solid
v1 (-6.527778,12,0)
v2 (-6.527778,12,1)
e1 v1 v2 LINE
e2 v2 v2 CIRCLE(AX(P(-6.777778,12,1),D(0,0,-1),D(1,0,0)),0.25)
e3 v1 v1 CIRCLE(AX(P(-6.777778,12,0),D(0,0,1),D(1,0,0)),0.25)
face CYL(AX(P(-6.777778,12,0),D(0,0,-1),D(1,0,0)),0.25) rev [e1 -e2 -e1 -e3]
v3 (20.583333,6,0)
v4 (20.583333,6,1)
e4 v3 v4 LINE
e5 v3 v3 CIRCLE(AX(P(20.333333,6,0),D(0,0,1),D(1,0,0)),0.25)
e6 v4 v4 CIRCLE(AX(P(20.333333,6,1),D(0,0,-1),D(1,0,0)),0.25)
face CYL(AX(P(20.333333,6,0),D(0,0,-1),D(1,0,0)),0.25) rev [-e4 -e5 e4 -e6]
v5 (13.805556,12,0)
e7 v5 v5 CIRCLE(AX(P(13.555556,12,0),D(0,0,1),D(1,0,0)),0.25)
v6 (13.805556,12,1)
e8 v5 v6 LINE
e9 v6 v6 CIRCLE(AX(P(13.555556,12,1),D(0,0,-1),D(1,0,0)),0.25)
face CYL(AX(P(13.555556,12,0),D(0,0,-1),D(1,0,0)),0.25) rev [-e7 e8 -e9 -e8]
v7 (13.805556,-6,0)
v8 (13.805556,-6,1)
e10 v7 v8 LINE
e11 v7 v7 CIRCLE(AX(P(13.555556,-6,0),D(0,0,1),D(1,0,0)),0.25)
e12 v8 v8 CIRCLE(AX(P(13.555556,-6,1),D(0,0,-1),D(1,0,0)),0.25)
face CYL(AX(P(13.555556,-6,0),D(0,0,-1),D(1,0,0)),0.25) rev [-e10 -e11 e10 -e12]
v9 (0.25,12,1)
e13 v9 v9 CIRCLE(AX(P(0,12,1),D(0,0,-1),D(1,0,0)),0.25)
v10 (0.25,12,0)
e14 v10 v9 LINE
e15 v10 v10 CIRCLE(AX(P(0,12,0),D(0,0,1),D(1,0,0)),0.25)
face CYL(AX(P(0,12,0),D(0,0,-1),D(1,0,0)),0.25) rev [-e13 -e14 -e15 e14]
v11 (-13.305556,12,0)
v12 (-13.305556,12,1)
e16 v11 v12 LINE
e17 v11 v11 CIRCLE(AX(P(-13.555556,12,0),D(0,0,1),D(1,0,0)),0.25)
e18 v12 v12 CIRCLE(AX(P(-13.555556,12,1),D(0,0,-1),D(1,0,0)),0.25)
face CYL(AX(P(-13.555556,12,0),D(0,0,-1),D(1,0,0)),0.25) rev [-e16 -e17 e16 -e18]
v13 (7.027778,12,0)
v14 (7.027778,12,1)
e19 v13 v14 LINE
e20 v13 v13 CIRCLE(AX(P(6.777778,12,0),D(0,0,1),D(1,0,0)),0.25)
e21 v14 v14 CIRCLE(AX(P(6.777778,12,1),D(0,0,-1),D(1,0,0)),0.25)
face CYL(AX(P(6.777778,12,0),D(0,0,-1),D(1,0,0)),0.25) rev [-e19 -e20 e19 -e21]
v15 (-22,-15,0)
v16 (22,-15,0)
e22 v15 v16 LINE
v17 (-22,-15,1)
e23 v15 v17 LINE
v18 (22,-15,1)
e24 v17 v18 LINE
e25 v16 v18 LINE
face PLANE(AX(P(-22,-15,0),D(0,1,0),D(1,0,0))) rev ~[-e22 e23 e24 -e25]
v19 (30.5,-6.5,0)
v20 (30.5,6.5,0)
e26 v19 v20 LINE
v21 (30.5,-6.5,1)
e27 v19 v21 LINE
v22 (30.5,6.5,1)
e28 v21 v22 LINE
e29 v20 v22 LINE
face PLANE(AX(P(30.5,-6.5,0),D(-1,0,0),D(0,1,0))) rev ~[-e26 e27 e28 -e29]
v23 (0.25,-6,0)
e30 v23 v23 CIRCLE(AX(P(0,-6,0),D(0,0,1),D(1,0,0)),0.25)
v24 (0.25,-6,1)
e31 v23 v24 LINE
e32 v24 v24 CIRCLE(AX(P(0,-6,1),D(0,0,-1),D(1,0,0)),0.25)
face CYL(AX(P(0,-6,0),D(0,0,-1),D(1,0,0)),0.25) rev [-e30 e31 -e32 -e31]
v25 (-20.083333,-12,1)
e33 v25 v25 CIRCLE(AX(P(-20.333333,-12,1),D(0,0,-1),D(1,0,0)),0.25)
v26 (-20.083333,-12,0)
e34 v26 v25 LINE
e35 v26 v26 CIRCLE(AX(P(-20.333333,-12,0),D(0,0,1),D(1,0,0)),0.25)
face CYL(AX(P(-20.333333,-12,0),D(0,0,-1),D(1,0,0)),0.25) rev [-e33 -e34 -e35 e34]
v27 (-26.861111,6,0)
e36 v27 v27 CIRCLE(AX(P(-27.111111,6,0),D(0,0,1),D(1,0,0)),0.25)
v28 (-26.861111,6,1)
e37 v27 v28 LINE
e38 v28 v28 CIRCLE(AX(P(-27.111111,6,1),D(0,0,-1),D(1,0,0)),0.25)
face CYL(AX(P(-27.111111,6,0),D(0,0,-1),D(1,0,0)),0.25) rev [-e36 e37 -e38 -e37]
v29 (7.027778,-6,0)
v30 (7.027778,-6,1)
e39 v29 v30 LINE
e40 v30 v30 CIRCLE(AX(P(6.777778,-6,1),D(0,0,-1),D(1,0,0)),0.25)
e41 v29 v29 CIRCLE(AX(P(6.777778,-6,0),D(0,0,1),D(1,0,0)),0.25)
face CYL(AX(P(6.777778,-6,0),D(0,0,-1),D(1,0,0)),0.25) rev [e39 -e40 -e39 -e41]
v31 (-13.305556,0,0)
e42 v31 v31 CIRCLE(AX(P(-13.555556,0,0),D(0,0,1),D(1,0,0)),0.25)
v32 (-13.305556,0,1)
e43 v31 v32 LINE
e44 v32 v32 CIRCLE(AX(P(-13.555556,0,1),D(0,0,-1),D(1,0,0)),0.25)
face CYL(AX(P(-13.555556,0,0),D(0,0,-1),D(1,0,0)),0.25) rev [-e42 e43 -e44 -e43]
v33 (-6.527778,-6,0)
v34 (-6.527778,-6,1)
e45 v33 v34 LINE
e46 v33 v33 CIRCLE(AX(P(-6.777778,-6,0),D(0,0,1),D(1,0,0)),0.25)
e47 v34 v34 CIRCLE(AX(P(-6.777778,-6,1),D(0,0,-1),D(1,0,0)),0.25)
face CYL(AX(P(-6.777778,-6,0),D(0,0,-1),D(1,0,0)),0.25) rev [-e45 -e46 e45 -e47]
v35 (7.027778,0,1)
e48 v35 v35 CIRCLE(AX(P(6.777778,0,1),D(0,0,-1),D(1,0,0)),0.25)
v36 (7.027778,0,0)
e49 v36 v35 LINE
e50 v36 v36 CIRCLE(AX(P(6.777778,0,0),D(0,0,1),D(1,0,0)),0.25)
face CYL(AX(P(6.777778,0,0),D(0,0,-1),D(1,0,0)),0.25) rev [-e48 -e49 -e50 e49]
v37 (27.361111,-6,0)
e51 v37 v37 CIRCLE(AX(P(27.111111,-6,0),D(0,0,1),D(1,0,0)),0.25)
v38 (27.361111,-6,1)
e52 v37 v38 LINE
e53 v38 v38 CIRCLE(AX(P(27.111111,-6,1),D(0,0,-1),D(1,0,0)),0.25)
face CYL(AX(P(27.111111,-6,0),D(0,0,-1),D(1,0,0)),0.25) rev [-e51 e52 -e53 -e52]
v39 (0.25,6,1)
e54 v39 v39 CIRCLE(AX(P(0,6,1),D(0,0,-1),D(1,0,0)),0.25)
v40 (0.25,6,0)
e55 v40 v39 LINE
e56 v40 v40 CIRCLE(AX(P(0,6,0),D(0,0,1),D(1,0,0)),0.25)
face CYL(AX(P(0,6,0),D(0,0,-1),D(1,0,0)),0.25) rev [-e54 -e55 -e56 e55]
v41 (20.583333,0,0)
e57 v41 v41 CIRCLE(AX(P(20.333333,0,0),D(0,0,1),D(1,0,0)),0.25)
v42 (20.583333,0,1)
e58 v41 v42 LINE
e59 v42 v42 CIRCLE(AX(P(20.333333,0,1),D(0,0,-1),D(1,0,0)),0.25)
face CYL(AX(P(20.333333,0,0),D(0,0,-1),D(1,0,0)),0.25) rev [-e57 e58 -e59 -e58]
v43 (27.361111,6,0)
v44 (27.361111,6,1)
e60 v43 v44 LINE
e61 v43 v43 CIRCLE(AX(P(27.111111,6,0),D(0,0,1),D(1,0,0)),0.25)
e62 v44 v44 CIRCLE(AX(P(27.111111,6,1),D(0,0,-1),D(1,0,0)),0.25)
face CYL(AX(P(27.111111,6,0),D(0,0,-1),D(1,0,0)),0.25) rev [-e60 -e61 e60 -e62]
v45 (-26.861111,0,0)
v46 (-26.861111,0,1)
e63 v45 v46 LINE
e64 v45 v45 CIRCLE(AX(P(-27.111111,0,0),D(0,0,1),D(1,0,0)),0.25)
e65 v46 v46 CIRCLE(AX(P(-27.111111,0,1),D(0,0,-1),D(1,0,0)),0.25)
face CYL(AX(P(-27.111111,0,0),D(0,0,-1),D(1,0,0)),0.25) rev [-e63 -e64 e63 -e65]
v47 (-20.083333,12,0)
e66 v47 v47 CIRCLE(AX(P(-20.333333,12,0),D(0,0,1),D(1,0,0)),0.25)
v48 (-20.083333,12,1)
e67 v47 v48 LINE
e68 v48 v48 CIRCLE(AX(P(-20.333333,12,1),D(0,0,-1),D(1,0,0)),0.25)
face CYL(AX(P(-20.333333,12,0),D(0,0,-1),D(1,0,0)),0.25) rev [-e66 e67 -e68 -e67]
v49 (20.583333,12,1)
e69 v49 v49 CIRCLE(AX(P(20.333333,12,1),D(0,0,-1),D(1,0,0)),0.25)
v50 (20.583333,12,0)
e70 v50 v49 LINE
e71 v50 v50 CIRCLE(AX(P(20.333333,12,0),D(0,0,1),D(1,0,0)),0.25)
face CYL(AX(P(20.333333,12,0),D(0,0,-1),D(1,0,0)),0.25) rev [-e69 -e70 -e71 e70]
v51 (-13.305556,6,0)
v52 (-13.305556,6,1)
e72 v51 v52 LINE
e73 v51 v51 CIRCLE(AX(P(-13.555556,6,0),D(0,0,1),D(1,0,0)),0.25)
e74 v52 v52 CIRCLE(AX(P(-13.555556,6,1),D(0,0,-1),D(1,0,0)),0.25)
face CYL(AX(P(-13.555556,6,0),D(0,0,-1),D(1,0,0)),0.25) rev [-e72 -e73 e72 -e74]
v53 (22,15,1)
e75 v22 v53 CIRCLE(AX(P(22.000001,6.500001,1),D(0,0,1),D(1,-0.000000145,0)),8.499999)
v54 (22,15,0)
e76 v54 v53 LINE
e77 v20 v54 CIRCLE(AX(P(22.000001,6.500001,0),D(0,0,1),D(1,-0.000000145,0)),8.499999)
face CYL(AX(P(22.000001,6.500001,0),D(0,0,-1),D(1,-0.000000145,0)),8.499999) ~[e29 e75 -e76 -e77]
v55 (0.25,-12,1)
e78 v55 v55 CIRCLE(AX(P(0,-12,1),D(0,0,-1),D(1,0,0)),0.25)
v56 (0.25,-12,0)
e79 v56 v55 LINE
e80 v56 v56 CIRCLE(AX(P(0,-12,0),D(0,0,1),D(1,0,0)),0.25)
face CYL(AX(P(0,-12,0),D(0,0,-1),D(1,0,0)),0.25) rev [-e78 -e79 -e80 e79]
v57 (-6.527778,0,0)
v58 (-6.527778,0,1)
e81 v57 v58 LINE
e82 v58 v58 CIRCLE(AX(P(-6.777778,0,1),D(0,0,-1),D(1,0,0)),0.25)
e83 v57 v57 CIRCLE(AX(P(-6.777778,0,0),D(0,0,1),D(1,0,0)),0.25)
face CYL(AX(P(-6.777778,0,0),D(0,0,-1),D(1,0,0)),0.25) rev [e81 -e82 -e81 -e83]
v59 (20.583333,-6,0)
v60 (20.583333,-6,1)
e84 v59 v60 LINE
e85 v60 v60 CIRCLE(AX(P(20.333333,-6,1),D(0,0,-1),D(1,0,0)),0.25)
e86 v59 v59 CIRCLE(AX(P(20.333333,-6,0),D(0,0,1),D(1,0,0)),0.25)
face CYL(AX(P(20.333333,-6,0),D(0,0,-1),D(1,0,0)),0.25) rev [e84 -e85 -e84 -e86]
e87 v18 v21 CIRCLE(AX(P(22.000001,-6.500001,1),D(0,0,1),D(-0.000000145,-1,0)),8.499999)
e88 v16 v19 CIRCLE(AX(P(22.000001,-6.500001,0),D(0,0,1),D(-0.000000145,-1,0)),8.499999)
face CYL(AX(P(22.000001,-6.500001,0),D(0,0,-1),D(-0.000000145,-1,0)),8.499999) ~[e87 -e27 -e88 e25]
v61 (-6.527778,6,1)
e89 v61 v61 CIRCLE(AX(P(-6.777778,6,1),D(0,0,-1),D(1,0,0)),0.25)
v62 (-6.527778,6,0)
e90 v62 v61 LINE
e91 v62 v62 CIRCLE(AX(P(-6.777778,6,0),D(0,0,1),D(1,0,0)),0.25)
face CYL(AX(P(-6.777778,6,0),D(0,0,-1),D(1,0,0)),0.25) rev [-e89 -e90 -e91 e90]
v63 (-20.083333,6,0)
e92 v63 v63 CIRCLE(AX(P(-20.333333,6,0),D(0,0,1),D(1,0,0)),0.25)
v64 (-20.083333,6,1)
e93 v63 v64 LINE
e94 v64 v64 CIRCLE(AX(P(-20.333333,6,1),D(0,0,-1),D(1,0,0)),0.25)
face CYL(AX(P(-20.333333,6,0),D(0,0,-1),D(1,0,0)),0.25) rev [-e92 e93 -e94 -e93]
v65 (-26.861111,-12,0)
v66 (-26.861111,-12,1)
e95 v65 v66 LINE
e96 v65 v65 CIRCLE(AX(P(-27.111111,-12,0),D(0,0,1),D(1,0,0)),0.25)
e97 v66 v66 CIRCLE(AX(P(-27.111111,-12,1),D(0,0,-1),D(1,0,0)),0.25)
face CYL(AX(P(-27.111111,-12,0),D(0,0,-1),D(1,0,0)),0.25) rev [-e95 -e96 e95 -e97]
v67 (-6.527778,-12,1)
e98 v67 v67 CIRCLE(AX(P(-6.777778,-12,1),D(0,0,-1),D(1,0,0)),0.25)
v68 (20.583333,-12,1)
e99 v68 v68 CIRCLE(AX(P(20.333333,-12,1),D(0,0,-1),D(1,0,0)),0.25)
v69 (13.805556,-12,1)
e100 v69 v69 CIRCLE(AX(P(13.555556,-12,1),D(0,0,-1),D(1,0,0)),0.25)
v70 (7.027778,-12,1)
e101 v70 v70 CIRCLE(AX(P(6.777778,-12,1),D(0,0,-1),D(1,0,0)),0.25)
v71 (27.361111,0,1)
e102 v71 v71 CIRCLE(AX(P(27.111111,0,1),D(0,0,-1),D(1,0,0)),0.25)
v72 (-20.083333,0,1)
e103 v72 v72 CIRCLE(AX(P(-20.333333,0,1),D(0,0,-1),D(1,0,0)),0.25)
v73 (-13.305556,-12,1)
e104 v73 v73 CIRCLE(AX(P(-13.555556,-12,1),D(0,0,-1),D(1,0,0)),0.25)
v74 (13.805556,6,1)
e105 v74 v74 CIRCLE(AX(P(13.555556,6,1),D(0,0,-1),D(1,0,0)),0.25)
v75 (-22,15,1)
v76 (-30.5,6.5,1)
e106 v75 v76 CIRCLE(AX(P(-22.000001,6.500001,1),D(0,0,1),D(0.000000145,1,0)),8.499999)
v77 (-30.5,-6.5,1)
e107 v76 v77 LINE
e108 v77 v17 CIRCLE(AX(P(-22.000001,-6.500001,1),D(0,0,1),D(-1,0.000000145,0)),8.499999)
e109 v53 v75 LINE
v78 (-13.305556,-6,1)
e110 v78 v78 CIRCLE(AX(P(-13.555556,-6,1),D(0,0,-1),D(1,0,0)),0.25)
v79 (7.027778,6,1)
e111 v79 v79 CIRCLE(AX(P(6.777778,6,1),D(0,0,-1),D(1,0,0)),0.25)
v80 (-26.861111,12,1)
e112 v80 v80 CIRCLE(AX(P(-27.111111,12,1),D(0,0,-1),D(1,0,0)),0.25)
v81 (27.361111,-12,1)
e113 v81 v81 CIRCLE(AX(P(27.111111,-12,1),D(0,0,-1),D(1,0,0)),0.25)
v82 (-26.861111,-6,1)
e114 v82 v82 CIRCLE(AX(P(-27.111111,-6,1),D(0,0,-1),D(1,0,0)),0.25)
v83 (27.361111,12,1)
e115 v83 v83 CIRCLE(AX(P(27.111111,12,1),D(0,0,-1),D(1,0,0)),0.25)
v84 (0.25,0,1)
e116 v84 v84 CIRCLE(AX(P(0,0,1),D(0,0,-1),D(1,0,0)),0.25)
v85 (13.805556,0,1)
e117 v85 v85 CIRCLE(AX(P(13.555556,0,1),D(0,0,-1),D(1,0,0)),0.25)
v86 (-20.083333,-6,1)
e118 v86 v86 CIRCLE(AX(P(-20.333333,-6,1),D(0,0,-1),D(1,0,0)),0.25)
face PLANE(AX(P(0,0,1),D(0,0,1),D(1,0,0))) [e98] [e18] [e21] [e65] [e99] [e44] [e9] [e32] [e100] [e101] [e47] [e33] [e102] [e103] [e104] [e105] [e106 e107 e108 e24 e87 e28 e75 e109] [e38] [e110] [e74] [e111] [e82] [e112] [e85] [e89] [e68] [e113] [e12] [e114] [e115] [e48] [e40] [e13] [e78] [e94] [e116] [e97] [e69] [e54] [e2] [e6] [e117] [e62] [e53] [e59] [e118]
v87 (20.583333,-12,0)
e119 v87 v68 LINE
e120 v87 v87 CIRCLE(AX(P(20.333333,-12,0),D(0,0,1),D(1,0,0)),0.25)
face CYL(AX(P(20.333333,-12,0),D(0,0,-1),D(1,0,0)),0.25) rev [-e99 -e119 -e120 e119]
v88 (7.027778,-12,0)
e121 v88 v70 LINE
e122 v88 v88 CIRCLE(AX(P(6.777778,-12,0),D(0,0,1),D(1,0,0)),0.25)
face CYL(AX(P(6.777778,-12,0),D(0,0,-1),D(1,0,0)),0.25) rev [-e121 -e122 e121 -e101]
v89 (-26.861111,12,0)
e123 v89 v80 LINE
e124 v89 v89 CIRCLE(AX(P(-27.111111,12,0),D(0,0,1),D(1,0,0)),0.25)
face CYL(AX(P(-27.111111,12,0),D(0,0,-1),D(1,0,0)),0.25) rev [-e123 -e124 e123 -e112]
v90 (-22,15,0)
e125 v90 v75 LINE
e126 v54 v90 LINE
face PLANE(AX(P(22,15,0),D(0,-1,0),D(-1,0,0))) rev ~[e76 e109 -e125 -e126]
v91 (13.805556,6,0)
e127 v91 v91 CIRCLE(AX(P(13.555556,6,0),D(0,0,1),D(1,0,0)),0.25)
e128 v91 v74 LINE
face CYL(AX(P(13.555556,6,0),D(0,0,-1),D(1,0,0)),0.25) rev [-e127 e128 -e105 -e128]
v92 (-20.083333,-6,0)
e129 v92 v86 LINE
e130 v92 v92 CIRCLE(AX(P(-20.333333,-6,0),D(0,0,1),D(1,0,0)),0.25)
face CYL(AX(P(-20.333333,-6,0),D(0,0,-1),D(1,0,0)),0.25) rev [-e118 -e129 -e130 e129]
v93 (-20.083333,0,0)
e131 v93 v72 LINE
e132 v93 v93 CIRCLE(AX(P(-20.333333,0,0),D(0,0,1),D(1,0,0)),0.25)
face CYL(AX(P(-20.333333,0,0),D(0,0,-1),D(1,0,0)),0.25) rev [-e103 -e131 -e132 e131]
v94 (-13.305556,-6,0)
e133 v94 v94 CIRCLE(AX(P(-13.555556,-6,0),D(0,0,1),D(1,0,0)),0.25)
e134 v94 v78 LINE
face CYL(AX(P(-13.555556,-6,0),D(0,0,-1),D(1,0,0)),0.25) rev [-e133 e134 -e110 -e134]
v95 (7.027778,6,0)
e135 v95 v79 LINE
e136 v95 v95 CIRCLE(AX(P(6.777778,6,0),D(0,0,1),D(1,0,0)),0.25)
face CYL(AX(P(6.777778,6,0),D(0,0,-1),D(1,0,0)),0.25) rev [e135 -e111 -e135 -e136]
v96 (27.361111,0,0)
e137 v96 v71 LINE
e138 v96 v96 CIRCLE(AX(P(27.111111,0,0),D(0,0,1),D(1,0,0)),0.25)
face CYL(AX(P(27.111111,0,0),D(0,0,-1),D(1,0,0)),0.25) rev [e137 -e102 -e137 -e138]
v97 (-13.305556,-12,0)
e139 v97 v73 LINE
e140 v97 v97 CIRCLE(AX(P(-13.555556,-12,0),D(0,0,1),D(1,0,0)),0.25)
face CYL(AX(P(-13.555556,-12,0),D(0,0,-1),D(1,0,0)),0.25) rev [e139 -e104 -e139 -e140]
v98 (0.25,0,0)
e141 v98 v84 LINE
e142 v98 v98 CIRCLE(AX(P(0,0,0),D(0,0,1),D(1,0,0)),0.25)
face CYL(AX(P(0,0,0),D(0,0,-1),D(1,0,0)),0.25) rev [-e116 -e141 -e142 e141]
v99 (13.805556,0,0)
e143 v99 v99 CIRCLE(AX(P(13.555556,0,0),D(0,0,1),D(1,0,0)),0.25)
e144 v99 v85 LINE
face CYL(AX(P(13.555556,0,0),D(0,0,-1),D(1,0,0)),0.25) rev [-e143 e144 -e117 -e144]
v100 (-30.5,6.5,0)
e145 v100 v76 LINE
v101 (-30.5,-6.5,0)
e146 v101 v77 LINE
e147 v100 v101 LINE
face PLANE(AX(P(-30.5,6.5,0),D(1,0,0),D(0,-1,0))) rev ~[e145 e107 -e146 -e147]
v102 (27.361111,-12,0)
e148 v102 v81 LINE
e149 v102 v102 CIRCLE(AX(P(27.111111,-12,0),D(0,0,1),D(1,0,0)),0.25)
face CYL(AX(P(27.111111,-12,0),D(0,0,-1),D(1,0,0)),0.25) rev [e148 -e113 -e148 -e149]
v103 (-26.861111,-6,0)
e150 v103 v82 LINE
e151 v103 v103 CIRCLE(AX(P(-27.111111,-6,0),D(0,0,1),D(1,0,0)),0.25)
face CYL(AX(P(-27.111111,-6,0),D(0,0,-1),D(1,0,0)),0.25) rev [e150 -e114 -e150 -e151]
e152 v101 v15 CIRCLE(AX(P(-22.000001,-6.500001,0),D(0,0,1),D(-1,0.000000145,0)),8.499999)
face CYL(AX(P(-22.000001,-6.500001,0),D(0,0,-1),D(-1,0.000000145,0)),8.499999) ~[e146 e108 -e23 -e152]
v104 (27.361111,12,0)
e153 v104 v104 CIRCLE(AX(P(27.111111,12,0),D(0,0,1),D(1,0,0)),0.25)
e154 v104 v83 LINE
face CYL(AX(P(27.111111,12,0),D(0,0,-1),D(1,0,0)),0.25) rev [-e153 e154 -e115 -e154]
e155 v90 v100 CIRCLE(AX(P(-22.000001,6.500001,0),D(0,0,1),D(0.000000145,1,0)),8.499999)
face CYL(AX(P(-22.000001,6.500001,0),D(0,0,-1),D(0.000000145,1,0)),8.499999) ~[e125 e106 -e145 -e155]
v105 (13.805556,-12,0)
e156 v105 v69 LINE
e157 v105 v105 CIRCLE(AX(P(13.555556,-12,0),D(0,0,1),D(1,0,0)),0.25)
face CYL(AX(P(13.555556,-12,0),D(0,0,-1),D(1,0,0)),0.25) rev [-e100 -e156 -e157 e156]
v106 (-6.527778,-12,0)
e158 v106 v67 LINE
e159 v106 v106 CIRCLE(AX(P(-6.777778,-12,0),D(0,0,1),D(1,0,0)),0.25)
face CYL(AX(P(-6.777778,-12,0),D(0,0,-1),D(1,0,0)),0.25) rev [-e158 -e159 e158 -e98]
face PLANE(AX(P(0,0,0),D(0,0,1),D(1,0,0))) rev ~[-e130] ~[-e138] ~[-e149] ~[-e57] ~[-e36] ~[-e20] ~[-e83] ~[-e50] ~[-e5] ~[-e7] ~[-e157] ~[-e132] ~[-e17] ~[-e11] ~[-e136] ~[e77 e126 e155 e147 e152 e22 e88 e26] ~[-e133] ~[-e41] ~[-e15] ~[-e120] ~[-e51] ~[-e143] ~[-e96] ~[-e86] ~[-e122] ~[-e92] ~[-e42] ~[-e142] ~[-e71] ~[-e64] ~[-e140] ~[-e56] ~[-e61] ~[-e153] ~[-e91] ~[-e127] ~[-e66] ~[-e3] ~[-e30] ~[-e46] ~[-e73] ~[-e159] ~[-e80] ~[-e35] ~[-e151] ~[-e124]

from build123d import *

# Parameters (mm, degrees)
F2_DEPTH = 1
F1_R     = 0.25
F3_DEPTH = 25


with BuildPart() as f2:
    # F0 (on Top) → F2 (new body)
    with BuildSketch(Plane.XY):
        with BuildLine():
            ThreePointArc((30.5, 6.5), (28.010408, 12.510408), (22, 15))
            Line((22, 15), (-22, 15))
            ThreePointArc((-22, 15), (-28.010408, 12.510408), (-30.5, 6.5))
            Line((-30.5, 6.5), (-30.5, -6.5))
            ThreePointArc((-30.5, -6.5), (-28.010408, -12.510408), (-22, -15))
            Line((-22, -15), (22, -15))
            ThreePointArc((22, -15), (28.010408, -12.510408), (30.5, -6.5))
            Line((30.5, -6.5), (30.5, 6.5))
        make_face()
    extrude(amount=F2_DEPTH)

    # F1 (on face) → F3 (cut)
    with BuildSketch(Plane.XY):
        with Locations((-27.111111, 12)):
            Circle(F1_R)
        with Locations((-27.111111, 6)):
            Circle(F1_R)
        with Locations((-27.111111, 0)):
            Circle(F1_R)
        with Locations((-27.111111, -6)):
            Circle(F1_R)
        with Locations((-27.111111, -12)):
            Circle(F1_R)
        with Locations((-20.333333, 12)):
            Circle(F1_R)
        with Locations((-20.333333, 6)):
            Circle(F1_R)
        with Locations((-20.333333, 0)):
            Circle(F1_R)
        with Locations((-20.333333, -6)):
            Circle(F1_R)
        with Locations((-20.333333, -12)):
            Circle(F1_R)
        with Locations((-13.555556, 12)):
            Circle(F1_R)
        with Locations((-13.555556, 6)):
            Circle(F1_R)
        with Locations((-13.555556, 0)):
            Circle(F1_R)
        with Locations((-13.555556, -6)):
            Circle(F1_R)
        with Locations((-13.555556, -12)):
            Circle(F1_R)
        with Locations((-6.777778, 12)):
            Circle(F1_R)
        with Locations((-6.777778, 6)):
            Circle(F1_R)
        with Locations((-6.777778, 0)):
            Circle(F1_R)
        with Locations((-6.777778, -6)):
            Circle(F1_R)
        with Locations((-6.777778, -12)):
            Circle(F1_R)
        with Locations((0, 12)):
            Circle(F1_R)
        with Locations((0, 6)):
            Circle(F1_R)
        with Locations((0, 0)):
            Circle(F1_R)
        with Locations((0, -6)):
            Circle(F1_R)
        with Locations((0, -12)):
            Circle(F1_R)
        with Locations((6.777778, 12)):
            Circle(F1_R)
        with Locations((6.777778, 6)):
            Circle(F1_R)
        with Locations((6.777778, 0)):
            Circle(F1_R)
        with Locations((6.777778, -6)):
            Circle(F1_R)
        with Locations((6.777778, -12)):
            Circle(F1_R)
        with Locations((13.555556, 12)):
            Circle(F1_R)
        with Locations((13.555556, 6)):
            Circle(F1_R)
        with Locations((13.555556, 0)):
            Circle(F1_R)
        with Locations((13.555556, -6)):
            Circle(F1_R)
        with Locations((13.555556, -12)):
            Circle(F1_R)
        with Locations((20.333333, 12)):
            Circle(F1_R)
        with Locations((20.333333, 6)):
            Circle(F1_R)
        with Locations((20.333333, 0)):
            Circle(F1_R)
        with Locations((20.333333, -6)):
            Circle(F1_R)
        with Locations((20.333333, -12)):
            Circle(F1_R)
        with Locations((27.111111, 12)):
            Circle(F1_R)
        with Locations((27.111111, 6)):
            Circle(F1_R)
        with Locations((27.111111, 0)):
            Circle(F1_R)
        with Locations((27.111111, -6)):
            Circle(F1_R)
        with Locations((27.111111, -12)):
            Circle(F1_R)
    extrude(amount=F3_DEPTH, mode=Mode.SUBTRACT)


solid = f2.part
